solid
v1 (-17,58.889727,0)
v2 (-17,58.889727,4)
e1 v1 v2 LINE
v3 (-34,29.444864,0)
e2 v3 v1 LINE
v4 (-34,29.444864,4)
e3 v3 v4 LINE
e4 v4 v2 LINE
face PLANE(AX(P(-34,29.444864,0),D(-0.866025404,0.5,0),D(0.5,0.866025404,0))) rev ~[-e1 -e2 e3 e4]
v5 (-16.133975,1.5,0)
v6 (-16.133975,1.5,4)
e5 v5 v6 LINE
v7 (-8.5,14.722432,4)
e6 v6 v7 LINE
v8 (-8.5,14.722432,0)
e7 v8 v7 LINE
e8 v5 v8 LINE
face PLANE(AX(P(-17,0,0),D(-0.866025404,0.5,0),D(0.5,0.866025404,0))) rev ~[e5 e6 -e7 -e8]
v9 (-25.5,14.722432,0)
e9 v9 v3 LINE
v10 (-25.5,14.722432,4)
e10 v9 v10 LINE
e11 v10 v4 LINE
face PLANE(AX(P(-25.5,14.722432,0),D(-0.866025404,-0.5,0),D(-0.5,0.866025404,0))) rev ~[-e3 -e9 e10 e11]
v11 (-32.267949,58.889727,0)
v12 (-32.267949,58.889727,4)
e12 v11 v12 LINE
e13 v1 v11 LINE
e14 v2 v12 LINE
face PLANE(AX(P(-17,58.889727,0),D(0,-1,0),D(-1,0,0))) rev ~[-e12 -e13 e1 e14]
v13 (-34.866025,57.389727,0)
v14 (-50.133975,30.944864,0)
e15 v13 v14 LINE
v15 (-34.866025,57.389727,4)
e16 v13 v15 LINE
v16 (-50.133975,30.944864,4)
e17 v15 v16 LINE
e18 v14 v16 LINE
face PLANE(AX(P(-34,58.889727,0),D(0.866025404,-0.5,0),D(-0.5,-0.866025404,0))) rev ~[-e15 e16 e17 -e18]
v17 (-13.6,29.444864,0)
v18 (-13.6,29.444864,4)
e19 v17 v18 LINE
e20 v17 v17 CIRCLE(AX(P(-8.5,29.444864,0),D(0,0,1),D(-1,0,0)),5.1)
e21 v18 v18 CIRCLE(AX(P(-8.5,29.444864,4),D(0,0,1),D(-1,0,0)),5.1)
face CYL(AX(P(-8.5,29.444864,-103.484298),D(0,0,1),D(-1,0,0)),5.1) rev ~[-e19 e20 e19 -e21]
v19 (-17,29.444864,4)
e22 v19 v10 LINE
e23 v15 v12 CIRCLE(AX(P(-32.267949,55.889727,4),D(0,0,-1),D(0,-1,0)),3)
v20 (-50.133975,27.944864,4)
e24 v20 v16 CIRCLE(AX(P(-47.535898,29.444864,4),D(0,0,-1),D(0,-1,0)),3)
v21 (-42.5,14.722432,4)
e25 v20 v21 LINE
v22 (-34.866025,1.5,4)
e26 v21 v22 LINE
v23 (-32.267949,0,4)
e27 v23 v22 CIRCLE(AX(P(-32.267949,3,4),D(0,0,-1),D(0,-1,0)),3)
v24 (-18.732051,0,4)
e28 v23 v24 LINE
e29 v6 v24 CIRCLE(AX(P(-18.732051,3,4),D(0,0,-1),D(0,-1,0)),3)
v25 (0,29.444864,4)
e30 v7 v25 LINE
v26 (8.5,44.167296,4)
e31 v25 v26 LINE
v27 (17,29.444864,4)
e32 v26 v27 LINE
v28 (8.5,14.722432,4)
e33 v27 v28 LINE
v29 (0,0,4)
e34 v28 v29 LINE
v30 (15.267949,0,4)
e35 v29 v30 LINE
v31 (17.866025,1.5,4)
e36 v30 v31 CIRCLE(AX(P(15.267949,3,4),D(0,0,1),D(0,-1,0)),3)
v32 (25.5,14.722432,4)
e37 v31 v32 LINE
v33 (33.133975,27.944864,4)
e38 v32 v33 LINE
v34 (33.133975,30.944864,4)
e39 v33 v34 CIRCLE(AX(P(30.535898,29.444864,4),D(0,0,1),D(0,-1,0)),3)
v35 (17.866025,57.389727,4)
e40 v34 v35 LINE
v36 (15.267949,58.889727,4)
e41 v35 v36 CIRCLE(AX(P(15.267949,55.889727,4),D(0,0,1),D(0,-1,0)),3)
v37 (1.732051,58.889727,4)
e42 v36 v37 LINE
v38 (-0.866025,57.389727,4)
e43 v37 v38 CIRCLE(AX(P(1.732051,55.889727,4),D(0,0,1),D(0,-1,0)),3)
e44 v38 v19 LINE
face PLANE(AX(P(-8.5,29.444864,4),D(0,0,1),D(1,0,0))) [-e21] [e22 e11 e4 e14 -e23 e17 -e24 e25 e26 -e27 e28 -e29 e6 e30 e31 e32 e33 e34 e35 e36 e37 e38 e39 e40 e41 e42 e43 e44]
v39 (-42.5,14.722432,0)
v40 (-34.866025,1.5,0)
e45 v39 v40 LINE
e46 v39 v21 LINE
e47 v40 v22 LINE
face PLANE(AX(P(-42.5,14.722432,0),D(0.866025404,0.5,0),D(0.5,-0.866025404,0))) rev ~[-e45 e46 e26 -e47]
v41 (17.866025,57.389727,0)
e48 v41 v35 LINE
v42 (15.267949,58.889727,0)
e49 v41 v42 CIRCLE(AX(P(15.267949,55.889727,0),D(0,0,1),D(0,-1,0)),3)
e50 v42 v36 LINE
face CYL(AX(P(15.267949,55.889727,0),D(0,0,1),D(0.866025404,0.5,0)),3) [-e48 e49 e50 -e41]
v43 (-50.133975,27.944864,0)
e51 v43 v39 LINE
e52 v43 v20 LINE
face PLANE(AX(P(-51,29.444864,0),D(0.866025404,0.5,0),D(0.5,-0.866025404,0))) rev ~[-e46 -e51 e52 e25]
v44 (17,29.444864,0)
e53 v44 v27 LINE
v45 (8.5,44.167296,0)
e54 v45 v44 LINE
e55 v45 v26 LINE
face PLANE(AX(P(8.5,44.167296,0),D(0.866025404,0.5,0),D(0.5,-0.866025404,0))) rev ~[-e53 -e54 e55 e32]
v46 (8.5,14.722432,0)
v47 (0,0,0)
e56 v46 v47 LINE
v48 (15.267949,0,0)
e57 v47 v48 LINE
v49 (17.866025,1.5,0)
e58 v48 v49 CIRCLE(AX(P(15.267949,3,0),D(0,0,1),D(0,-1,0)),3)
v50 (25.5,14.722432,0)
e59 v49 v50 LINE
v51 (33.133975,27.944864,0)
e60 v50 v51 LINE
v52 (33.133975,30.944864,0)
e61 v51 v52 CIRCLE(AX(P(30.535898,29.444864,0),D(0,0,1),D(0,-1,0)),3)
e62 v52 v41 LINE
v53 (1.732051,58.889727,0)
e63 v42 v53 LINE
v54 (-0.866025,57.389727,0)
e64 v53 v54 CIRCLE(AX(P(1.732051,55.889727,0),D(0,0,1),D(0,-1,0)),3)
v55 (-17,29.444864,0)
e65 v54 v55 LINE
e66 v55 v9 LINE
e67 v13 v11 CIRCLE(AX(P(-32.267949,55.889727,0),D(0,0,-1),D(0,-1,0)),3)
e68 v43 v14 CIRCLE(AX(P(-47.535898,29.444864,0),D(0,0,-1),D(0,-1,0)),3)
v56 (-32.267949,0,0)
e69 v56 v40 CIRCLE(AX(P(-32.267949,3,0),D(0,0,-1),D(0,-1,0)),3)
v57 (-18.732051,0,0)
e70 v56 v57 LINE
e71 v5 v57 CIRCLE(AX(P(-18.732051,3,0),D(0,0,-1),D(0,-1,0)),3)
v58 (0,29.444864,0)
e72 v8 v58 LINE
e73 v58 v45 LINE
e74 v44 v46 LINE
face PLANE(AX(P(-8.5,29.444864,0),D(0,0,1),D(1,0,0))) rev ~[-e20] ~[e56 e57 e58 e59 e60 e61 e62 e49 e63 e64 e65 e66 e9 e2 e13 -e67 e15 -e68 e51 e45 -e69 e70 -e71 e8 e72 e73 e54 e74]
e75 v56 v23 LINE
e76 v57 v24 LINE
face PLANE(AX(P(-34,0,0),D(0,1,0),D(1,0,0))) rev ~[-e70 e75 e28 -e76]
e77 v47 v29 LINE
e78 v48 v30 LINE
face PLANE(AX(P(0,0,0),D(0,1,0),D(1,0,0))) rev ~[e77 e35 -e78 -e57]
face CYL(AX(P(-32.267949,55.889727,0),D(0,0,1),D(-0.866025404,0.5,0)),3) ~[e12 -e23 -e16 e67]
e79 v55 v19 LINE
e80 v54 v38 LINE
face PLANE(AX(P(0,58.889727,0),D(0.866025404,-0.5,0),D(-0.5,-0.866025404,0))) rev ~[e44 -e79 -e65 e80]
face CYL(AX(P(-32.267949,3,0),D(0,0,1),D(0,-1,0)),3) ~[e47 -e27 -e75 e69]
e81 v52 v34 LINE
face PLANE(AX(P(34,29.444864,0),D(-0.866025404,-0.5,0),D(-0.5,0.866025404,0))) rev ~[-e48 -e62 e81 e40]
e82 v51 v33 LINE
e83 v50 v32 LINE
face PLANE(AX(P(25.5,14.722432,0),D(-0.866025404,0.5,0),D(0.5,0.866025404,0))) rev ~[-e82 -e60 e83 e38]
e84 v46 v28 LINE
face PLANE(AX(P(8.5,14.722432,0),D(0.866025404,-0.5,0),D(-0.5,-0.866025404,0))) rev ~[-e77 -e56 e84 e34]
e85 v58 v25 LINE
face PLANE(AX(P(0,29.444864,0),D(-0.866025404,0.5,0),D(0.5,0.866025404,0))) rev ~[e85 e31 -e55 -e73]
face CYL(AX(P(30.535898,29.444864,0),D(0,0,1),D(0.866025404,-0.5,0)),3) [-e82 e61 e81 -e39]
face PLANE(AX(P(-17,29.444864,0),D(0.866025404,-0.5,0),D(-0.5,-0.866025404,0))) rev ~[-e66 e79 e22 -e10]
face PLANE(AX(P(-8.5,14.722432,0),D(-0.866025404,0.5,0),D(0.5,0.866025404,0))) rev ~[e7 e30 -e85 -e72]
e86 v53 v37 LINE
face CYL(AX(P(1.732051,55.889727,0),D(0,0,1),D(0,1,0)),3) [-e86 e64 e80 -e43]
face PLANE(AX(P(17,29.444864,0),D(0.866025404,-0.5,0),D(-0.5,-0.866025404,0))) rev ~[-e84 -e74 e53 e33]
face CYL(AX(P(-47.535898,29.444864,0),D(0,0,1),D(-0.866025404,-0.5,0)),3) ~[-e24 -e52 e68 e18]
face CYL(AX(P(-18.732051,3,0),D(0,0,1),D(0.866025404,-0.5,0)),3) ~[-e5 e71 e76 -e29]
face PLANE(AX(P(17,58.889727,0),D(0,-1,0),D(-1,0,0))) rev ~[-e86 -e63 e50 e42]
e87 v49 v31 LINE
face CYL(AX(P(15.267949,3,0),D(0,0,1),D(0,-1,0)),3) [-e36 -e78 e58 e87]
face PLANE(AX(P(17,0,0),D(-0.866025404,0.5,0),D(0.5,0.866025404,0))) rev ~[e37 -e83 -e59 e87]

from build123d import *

# Parameters (mm, degrees)
F2_DEPTH = 4
F3_D     = 10.2
F4_R     = 3


with BuildPart() as f2:
    # F0 (on Top) → F2 (new body)
    with BuildSketch(Plane.XY):
        Polygon((8.5, 14.7224318643), (0, 0), (17, 0), (25.5, 14.7224318643), (34, 29.4448637287), (25.5, 44.167295593), (17, 58.8897274573), (0, 58.8897274573), (-8.5, 44.167295593), (-17, 29.4448637287), (-25.5, 14.7224318643), (-34, 29.4448637287), (-25.5, 44.167295593), (-17, 58.8897274573), (-34, 58.8897274573), (-42.5, 44.167295593), (-51, 29.4448637287), (-42.5, 14.7224318643), (-34, 0), (-17, 0), (-8.5, 14.7224318643), (0, 29.4448637287), (8.5, 44.167295593), (17, 29.4448637287), align=None)
    extrude(amount=F2_DEPTH)

    # F3 (through all)
    with Locations(Plane(origin=(0, 0, 0), x_dir=(1, 0, 0), z_dir=(0, 0, -1))):
        with Locations((-8.5, -29.4448637287)):
            Hole(F3_D / 2)

    # F4
    f4_edges = [f2.edges().sort_by_distance(p)[0] for p in [
        (-51, 29.444864, 2),
        (-34, 58.889727, 2),
        (0, 58.889727, 2),
        (17, 58.889727, 2),
        (34, 29.444864, 2),
        (17, 0, 2),
        (-17, 0, 2),
        (-34, 0, 2),
    ]]
    fillet(f4_edges, radius=F4_R)


solid = f2.part
